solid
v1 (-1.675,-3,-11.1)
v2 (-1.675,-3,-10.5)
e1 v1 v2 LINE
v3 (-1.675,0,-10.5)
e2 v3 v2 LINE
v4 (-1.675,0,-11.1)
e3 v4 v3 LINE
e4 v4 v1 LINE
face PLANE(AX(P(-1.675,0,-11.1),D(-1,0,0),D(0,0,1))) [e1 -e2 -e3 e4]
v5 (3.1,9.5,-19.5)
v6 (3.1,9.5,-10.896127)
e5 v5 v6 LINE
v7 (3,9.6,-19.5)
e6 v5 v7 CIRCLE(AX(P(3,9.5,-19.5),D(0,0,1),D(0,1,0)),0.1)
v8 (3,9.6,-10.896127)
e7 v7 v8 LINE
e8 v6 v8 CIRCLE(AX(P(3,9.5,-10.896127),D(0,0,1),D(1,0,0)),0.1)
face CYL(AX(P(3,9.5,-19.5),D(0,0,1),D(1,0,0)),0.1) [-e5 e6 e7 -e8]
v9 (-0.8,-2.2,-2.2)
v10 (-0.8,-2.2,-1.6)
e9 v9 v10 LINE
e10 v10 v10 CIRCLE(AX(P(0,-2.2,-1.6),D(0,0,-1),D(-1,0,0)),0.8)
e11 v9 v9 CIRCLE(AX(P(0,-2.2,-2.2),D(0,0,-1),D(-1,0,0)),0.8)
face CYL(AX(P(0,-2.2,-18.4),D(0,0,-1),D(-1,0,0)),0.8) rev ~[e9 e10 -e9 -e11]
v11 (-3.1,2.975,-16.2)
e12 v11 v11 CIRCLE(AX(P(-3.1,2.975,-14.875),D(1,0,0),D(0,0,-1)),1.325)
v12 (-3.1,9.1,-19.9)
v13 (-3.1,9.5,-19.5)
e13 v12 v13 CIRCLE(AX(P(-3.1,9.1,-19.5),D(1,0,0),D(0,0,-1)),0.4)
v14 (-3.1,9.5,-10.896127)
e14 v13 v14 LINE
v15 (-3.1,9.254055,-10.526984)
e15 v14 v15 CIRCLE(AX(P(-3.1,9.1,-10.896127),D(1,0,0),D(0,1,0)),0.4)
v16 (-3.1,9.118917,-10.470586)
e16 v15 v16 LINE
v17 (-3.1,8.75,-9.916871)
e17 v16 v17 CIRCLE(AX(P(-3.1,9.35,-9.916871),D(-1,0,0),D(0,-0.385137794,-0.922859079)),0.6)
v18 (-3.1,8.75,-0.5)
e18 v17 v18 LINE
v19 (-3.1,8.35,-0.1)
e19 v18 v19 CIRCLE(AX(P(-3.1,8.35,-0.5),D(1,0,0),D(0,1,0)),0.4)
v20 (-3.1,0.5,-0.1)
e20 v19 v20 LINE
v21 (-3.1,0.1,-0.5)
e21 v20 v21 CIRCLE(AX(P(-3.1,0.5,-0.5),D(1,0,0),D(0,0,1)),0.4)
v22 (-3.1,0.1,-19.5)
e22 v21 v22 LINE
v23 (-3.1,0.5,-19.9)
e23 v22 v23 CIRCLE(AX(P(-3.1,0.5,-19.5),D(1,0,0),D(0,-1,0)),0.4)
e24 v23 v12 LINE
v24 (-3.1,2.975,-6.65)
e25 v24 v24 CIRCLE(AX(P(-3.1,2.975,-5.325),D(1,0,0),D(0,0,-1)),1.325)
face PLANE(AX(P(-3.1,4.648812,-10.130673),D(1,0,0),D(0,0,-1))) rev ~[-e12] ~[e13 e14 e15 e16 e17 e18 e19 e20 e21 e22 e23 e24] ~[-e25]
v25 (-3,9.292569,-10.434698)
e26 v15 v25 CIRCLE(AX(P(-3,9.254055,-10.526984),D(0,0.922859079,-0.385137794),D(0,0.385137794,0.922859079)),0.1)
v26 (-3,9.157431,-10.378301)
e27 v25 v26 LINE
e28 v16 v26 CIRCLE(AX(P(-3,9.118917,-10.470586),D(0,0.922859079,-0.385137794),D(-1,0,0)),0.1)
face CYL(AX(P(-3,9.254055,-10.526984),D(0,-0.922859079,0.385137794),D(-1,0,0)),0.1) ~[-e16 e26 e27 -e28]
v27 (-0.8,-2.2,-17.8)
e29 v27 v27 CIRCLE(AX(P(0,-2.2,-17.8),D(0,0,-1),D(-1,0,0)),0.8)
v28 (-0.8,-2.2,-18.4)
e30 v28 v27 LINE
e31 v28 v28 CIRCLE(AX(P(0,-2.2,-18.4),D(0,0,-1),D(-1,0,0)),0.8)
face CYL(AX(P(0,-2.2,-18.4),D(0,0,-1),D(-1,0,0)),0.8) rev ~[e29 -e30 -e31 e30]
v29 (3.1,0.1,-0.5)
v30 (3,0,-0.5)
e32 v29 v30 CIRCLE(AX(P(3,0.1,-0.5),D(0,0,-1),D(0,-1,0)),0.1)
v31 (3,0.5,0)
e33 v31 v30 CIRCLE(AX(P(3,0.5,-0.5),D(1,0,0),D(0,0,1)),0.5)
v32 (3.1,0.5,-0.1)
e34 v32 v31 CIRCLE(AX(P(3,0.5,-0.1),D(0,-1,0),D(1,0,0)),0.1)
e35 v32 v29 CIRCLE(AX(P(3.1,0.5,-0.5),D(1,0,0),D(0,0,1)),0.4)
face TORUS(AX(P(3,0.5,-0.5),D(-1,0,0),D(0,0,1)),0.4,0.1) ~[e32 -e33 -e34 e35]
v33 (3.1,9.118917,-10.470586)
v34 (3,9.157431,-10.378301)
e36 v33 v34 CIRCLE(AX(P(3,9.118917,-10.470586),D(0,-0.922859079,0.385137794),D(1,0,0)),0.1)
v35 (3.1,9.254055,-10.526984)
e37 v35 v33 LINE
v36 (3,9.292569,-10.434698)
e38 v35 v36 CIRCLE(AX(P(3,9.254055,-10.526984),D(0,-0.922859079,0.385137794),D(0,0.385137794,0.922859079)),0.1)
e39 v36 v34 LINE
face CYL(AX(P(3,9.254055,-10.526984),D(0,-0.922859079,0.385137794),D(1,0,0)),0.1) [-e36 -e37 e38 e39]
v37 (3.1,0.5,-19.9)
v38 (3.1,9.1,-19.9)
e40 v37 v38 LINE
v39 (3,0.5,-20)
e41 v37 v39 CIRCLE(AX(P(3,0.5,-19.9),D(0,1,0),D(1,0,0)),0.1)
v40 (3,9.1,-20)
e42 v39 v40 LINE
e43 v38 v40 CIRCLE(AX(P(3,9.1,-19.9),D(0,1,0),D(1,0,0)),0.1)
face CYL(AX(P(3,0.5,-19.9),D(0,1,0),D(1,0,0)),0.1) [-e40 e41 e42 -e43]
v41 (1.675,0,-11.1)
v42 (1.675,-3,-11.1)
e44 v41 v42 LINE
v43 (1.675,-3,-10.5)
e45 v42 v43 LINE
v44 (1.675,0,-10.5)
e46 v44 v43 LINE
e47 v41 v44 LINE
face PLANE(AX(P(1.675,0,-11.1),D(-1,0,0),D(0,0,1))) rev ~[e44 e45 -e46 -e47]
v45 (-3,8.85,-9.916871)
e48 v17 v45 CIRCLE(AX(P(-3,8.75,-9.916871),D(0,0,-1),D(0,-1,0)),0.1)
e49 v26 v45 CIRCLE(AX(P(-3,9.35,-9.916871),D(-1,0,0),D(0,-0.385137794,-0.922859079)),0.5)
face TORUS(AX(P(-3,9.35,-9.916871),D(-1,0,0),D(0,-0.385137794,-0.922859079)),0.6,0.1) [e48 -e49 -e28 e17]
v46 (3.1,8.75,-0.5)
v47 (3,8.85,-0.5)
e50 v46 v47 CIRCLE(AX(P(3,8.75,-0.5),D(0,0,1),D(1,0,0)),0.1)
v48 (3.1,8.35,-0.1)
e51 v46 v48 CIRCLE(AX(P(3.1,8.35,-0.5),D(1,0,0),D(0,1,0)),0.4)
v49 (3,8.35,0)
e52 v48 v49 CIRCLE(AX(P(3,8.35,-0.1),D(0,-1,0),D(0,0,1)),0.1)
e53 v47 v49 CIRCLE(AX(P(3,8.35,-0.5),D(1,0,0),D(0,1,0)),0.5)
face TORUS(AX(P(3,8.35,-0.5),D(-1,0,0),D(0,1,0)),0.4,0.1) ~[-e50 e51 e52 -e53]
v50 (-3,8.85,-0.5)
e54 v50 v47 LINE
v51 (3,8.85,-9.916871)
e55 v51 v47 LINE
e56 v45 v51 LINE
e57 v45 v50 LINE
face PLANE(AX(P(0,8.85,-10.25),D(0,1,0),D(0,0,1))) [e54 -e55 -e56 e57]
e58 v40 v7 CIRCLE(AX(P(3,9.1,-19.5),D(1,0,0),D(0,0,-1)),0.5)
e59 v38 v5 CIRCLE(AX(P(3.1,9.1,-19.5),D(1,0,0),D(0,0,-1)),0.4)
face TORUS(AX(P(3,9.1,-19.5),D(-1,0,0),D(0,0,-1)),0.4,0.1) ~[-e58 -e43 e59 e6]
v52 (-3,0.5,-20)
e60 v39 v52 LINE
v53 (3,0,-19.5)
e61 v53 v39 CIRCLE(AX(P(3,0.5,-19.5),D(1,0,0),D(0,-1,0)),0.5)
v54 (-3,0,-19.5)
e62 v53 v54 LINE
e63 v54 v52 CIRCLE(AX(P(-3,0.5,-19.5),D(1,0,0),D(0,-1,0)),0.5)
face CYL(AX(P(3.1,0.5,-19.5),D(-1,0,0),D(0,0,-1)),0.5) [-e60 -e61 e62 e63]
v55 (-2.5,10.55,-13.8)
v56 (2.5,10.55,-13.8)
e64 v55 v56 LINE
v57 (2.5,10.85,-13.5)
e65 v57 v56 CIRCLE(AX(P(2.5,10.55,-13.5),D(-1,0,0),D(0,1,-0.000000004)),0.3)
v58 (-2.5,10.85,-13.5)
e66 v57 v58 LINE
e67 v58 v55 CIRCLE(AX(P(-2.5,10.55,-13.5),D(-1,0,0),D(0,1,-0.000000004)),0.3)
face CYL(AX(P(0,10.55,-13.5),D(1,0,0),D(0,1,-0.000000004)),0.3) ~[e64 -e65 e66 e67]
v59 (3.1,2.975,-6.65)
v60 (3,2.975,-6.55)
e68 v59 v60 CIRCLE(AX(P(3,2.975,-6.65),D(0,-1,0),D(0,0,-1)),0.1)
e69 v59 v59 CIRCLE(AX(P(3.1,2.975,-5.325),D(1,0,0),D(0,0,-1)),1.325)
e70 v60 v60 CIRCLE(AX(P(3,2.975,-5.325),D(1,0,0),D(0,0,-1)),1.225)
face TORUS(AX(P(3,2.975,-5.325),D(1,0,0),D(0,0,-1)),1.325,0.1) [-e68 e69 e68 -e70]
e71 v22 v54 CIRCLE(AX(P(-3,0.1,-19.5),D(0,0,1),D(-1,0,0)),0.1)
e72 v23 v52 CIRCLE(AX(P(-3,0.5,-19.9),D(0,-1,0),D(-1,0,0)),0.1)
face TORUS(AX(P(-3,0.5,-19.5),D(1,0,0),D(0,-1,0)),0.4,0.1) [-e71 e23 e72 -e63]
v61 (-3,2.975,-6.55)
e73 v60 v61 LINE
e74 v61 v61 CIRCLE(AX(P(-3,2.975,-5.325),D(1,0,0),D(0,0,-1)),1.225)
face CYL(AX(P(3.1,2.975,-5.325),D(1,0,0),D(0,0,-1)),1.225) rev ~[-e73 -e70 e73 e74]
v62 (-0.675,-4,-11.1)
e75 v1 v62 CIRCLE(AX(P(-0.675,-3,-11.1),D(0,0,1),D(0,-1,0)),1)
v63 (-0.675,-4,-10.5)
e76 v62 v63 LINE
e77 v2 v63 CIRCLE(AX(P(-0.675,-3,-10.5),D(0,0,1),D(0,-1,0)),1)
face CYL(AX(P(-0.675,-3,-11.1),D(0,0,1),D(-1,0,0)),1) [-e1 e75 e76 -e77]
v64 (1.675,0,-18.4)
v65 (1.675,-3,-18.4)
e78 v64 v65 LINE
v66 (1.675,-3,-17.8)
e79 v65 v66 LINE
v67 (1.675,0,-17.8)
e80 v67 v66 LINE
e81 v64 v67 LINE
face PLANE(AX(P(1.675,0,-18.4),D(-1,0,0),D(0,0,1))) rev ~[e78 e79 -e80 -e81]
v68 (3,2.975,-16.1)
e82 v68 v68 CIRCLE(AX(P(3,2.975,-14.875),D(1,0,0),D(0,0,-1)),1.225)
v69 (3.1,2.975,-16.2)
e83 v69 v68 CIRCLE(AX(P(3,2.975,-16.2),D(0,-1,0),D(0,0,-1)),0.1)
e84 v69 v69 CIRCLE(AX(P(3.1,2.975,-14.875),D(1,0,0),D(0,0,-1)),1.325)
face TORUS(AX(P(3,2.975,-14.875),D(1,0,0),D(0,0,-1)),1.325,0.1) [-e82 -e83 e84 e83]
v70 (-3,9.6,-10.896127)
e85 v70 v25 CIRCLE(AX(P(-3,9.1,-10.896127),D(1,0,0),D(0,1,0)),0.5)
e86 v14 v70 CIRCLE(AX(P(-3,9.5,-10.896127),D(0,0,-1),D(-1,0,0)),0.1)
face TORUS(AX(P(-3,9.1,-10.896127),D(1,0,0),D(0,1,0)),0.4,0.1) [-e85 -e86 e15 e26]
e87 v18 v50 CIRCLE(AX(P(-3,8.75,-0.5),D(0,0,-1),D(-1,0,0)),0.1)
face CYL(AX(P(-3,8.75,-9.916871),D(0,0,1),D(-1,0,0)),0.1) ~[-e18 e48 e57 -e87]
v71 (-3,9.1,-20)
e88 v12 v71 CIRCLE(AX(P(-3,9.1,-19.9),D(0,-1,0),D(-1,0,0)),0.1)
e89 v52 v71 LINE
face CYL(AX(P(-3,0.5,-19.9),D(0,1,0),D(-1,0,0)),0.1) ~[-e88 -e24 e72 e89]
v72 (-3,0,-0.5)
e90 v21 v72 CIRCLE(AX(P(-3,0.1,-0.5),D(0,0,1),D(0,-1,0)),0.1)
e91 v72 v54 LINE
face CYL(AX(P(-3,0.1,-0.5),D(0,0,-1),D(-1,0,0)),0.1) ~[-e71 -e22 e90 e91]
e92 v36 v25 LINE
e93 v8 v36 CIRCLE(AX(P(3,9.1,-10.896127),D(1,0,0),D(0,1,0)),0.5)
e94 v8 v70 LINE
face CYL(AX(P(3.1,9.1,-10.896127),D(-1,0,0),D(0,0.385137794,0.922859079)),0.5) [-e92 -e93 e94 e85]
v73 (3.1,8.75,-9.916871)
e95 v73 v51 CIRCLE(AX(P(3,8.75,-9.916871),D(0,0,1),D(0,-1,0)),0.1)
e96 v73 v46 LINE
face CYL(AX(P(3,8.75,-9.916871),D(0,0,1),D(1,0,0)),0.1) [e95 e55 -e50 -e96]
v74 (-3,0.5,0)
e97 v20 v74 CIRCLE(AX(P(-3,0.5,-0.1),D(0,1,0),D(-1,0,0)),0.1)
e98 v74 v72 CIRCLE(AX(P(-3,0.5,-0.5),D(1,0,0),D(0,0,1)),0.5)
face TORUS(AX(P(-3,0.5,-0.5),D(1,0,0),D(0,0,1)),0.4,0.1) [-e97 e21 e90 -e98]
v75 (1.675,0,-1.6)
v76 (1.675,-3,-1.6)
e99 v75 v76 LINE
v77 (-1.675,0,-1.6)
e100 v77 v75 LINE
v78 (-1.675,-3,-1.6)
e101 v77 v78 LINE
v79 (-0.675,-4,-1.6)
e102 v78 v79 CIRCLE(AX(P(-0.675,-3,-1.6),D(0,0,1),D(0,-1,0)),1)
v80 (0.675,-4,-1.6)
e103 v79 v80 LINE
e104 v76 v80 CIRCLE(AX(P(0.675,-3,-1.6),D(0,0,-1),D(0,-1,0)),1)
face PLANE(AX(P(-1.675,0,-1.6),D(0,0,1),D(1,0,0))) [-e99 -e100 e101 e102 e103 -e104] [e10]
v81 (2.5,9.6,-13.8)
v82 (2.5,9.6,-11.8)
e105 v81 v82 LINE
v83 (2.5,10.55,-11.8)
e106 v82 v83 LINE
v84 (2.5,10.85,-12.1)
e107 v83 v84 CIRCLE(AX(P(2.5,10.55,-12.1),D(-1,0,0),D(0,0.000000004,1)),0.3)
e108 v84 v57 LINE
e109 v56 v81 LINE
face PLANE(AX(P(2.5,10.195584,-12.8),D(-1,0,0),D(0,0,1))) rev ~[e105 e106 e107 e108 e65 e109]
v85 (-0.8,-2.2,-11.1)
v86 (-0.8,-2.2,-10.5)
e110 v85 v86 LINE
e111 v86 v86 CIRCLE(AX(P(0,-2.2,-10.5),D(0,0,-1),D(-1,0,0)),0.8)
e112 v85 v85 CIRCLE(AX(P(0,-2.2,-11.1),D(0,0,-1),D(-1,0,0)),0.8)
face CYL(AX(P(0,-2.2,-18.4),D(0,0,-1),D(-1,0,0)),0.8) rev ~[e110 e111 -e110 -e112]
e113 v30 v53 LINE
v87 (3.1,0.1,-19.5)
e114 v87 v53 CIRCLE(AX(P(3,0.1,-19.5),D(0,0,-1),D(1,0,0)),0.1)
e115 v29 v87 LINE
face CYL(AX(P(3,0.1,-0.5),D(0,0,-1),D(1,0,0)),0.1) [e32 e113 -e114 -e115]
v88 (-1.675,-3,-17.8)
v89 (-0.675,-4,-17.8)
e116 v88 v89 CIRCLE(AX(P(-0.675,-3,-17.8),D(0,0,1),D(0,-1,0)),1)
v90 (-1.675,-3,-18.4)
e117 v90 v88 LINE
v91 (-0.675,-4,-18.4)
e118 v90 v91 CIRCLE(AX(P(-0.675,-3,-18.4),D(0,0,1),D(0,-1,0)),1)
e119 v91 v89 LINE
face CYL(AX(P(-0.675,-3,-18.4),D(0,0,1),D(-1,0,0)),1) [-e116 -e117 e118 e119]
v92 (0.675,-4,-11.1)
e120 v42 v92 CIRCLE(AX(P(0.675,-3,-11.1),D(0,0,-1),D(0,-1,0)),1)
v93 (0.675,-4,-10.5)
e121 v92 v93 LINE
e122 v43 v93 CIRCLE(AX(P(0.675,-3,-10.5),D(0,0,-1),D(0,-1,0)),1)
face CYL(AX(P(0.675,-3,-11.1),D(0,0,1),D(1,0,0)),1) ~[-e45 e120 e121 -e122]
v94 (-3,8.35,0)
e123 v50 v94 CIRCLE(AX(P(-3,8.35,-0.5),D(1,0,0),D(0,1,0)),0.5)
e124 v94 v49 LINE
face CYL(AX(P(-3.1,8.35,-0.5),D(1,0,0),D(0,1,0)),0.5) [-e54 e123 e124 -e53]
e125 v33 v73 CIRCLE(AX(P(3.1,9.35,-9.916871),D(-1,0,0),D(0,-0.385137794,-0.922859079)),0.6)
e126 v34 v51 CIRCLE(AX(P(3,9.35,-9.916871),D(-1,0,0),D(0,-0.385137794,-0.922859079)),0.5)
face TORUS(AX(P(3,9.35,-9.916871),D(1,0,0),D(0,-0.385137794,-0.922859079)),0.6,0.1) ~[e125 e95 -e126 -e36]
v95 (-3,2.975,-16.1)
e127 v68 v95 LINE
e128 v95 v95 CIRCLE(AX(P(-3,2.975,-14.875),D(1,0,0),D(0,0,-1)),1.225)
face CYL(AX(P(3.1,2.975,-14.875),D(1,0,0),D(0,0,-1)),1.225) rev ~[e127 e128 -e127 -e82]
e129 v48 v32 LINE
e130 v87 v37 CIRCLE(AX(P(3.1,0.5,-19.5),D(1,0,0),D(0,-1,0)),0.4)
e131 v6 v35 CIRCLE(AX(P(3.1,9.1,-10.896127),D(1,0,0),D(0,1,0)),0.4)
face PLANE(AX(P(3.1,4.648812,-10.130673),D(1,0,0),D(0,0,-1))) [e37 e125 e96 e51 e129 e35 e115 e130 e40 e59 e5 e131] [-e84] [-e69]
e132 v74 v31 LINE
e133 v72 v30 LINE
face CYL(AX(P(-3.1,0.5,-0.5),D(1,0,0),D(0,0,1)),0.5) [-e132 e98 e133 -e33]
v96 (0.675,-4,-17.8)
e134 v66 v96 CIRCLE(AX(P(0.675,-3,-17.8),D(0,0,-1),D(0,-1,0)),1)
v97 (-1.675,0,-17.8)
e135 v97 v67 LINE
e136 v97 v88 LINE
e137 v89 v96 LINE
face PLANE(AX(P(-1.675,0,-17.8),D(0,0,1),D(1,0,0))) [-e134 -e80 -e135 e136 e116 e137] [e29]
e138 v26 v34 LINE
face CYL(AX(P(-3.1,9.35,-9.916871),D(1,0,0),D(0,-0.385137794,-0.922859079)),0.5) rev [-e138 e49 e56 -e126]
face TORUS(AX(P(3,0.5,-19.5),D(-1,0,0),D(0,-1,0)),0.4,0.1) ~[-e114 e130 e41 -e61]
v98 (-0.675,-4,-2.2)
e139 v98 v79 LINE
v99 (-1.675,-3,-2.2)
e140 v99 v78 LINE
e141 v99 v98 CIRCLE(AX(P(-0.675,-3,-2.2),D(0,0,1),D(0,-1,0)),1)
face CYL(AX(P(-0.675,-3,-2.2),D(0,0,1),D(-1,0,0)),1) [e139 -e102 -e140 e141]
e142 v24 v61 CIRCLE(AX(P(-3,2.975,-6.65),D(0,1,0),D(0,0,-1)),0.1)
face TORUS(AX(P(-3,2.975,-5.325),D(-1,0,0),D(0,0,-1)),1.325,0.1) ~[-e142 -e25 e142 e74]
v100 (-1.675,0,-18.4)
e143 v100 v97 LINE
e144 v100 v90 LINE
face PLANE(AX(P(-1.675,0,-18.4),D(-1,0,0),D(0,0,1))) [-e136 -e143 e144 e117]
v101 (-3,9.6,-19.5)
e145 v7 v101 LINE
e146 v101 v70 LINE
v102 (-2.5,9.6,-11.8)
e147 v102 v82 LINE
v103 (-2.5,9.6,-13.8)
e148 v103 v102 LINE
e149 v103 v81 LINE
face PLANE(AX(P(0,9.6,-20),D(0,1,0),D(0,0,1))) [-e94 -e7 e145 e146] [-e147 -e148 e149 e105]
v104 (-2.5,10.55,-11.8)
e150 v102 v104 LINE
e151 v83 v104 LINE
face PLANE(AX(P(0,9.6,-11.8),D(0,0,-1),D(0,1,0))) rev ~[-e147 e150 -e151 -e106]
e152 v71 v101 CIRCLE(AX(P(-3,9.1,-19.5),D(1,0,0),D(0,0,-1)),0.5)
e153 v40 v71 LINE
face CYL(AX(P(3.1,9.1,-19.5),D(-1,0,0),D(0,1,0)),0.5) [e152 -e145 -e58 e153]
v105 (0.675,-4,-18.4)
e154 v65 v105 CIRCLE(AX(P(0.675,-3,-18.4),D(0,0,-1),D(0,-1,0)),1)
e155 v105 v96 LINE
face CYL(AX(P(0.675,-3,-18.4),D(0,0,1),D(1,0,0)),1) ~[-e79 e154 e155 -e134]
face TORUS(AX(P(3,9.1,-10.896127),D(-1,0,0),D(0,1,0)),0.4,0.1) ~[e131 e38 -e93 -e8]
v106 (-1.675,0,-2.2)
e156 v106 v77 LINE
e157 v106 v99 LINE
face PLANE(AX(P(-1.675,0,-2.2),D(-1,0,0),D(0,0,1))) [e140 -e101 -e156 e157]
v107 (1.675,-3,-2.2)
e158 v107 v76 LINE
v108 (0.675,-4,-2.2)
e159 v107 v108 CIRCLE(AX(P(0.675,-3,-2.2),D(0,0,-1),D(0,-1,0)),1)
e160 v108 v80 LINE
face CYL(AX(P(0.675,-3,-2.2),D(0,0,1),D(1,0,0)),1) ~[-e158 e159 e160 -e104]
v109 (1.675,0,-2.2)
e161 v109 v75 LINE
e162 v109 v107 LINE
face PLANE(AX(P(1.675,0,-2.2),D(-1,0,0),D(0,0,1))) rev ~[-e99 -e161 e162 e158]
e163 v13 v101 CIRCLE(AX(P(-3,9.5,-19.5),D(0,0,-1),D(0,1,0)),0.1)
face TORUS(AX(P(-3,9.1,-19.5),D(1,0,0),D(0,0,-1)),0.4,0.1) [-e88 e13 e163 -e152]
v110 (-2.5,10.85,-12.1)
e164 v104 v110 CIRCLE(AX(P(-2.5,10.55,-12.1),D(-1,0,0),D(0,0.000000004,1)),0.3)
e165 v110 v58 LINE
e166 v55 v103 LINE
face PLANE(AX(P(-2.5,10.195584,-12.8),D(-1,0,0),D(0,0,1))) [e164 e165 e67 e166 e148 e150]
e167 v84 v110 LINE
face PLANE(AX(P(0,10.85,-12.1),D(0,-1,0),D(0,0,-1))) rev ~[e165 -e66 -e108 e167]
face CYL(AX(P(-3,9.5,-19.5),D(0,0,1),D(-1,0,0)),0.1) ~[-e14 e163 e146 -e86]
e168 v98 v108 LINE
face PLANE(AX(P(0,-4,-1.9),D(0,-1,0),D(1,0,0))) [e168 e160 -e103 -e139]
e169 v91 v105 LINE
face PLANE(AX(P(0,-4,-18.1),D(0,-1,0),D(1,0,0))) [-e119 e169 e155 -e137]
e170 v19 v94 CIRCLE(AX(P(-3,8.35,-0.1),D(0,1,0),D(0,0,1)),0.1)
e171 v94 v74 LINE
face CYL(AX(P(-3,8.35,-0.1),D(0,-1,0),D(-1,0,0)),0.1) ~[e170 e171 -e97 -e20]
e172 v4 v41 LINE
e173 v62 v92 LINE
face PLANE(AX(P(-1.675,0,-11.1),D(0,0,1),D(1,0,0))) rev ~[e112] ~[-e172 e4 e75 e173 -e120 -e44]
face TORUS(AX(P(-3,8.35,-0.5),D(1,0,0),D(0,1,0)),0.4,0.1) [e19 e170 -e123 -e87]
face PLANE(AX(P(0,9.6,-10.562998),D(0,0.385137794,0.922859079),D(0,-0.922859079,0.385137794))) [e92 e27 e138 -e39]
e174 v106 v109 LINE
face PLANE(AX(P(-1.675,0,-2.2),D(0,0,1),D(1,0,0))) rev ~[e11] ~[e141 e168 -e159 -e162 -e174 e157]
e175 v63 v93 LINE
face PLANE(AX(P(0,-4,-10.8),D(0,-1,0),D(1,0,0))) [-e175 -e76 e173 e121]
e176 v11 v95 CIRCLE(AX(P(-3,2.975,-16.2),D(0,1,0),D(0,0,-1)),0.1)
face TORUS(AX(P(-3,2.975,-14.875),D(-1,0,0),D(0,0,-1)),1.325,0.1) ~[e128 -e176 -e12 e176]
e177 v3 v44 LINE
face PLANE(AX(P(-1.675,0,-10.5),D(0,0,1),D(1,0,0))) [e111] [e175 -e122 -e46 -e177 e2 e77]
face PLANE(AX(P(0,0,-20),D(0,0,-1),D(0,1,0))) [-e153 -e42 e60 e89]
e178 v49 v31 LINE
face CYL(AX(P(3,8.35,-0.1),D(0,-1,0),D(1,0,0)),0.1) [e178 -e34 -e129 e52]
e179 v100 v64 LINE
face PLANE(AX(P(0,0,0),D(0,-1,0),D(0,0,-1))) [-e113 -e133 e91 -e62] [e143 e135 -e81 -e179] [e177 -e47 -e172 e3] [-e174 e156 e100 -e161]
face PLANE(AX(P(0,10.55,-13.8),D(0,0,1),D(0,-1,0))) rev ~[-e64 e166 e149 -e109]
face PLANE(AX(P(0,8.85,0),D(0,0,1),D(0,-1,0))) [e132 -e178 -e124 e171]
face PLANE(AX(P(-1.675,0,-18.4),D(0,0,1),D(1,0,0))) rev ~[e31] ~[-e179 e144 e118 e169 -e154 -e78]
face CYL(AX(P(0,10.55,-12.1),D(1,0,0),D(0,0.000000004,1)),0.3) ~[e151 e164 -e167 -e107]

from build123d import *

# Parameters (mm, degrees)
BOSS_EXTRUDE1_DEPTH = 3.1
SKETCH2_R           = 1.225
CUT_EXTRUDE4_DEPTH  = 7.2
FILLET1_R           = 0.5
FILLET2_R           = 0.1
SKETCH3_W           = 3.35
SKETCH3_H           = 0.6
BOSS_EXTRUDE2_DEPTH = 4
SKETCH4_R           = 0.8
CUT_EXTRUDE5_DEPTH  = 19.4
FILLET3_R           = 1
BOSS_EXTRUDE3_DEPTH = 2.5


with BuildPart() as part:
    # Sketch1 → Boss-Extrude1 (new body, symmetric)
    with BuildSketch(Plane(origin=(0, 0, 0), x_dir=(0, 0, -1), z_dir=(1, 0, 0))):
        Polygon((10.562998325, 9.6), (10.25, 8.85), (0, 8.85), (0, 0), (20, 0), (20, 9.6), align=None)
    extrude(amount=BOSS_EXTRUDE1_DEPTH, both=True)

    # Sketch2 → Cut-Extrude4 (cut, through all)
    with BuildSketch(Plane(origin=(3.1, 0, 0), x_dir=(0, 0, -1), z_dir=(1, 0, 0))):
        with Locations((5.325, 2.975)):
            Circle(SKETCH2_R)
        with Locations((14.875, 2.975)):
            Circle(SKETCH2_R)
    extrude(amount=-CUT_EXTRUDE4_DEPTH, mode=Mode.SUBTRACT)

    # Fillet1
    fillet1_edges = [part.edges().sort_by_distance(p)[0] for p in [
        (0, 8.85, 0),
        (0, 8.85, -10.25),
        (0, 9.6, -10.562998325),
        (0, 9.6, -20),
        (0, 0, -20),
        (0, 0, 0),
    ]]
    fillet(fillet1_edges, radius=FILLET1_R)

    # Fillet2
    fillet2_edges = [part.edges().sort_by_distance(p)[0] for p in [
        (-3.1, 2.975, -4.1),
        (3.1, 2.975, -4.1),
        (-3.1, 2.975, -13.65),
        (3.1, 2.975, -13.65),
        (-3.1, 4.8, -20),
        (3.1, 4.8, -20),
        (-3.1, 4.425, 0),
        (-3.1, 8.85, -5.20843551),
        (-3.1, 9.225, -10.406499162),
        (-3.1, 9.6, -15.198063652),
        (-3.1, 0, -10),
        (-3.1, 8.703553391, -0.146446609),
        (-3.1, 0.146446609, -0.146446609),
        (-3.1, 9.516103622, -10.618894954),
        (-3.1, 9.453553391, -19.853553391),
        (-3.1, 0.146446609, -19.853553391),
        (3.1, 0, -10),
        (3.1, 4.425, 0),
        (3.1, 9.6, -15.198063652),
        (3.1, 9.225, -10.406499162),
        (3.1, 8.85, -5.20843551),
        (3.1, 8.703553391, -0.146446609),
        (3.1, 0.146446609, -0.146446609),
        (3.1, 9.516103622, -10.618894954),
        (3.1, 9.453553391, -19.853553391),
        (3.1, 0.146446609, -19.853553391),
        (-3.1, 8.933896378, -10.194103371),
        (3.1, 8.933896378, -10.194103371),
    ]]
    fillet(fillet2_edges, radius=FILLET2_R)

    # Sketch3 → Boss-Extrude2 (add)
    with BuildSketch(Plane.XZ):
        with Locations((0, -1.9)):
            Rectangle(SKETCH3_W, SKETCH3_H)
        with Locations((0, -10.8)):
            Rectangle(SKETCH3_W, SKETCH3_H)
        with Locations((0, -18.1)):
            Rectangle(SKETCH3_W, SKETCH3_H)
    extrude(amount=BOSS_EXTRUDE2_DEPTH)

    # Sketch4 → Cut-Extrude5 (cut, through all)
    with BuildSketch(Plane(origin=(0, 0, -18.4), x_dir=(-1, 0, 0), z_dir=(0, 0, -1))):
        with Locations((0, -2.2)):
            Circle(SKETCH4_R)
    extrude(amount=-CUT_EXTRUDE5_DEPTH, mode=Mode.SUBTRACT)

    # Fillet3
    fillet3_edges = [part.edges().sort_by_distance(p)[0] for p in [
        (-1.675, -4, -1.9),
        (1.675, -4, -1.9),
        (-1.675, -4, -10.8),
        (1.675, -4, -10.8),
        (-1.675, -4, -18.1),
        (1.675, -4, -18.1),
    ]]
    fillet(fillet3_edges, radius=FILLET3_R)

    # Sketch5 → Boss-Extrude3 (add, symmetric)
    with BuildSketch(Plane(origin=(0, 0, 0), x_dir=(0, 0, -1), z_dir=(1, 0, 0))):
        with BuildLine():
            Line((11.8, 9.6), (11.8, 10.55))
            ThreePointArc((11.8, 10.55), (11.887867966, 10.762132034), (12.1, 10.85))
            Line((12.1, 10.85), (13.5, 10.85))
            ThreePointArc((13.5, 10.85), (13.712132034, 10.762132034), (13.8, 10.55))
            Line((13.8, 10.55), (13.8, 9.6))
            Line((13.8, 9.6), (11.8, 9.6))
        make_face()
    extrude(amount=BOSS_EXTRUDE3_DEPTH, both=True)


solid = part.part
